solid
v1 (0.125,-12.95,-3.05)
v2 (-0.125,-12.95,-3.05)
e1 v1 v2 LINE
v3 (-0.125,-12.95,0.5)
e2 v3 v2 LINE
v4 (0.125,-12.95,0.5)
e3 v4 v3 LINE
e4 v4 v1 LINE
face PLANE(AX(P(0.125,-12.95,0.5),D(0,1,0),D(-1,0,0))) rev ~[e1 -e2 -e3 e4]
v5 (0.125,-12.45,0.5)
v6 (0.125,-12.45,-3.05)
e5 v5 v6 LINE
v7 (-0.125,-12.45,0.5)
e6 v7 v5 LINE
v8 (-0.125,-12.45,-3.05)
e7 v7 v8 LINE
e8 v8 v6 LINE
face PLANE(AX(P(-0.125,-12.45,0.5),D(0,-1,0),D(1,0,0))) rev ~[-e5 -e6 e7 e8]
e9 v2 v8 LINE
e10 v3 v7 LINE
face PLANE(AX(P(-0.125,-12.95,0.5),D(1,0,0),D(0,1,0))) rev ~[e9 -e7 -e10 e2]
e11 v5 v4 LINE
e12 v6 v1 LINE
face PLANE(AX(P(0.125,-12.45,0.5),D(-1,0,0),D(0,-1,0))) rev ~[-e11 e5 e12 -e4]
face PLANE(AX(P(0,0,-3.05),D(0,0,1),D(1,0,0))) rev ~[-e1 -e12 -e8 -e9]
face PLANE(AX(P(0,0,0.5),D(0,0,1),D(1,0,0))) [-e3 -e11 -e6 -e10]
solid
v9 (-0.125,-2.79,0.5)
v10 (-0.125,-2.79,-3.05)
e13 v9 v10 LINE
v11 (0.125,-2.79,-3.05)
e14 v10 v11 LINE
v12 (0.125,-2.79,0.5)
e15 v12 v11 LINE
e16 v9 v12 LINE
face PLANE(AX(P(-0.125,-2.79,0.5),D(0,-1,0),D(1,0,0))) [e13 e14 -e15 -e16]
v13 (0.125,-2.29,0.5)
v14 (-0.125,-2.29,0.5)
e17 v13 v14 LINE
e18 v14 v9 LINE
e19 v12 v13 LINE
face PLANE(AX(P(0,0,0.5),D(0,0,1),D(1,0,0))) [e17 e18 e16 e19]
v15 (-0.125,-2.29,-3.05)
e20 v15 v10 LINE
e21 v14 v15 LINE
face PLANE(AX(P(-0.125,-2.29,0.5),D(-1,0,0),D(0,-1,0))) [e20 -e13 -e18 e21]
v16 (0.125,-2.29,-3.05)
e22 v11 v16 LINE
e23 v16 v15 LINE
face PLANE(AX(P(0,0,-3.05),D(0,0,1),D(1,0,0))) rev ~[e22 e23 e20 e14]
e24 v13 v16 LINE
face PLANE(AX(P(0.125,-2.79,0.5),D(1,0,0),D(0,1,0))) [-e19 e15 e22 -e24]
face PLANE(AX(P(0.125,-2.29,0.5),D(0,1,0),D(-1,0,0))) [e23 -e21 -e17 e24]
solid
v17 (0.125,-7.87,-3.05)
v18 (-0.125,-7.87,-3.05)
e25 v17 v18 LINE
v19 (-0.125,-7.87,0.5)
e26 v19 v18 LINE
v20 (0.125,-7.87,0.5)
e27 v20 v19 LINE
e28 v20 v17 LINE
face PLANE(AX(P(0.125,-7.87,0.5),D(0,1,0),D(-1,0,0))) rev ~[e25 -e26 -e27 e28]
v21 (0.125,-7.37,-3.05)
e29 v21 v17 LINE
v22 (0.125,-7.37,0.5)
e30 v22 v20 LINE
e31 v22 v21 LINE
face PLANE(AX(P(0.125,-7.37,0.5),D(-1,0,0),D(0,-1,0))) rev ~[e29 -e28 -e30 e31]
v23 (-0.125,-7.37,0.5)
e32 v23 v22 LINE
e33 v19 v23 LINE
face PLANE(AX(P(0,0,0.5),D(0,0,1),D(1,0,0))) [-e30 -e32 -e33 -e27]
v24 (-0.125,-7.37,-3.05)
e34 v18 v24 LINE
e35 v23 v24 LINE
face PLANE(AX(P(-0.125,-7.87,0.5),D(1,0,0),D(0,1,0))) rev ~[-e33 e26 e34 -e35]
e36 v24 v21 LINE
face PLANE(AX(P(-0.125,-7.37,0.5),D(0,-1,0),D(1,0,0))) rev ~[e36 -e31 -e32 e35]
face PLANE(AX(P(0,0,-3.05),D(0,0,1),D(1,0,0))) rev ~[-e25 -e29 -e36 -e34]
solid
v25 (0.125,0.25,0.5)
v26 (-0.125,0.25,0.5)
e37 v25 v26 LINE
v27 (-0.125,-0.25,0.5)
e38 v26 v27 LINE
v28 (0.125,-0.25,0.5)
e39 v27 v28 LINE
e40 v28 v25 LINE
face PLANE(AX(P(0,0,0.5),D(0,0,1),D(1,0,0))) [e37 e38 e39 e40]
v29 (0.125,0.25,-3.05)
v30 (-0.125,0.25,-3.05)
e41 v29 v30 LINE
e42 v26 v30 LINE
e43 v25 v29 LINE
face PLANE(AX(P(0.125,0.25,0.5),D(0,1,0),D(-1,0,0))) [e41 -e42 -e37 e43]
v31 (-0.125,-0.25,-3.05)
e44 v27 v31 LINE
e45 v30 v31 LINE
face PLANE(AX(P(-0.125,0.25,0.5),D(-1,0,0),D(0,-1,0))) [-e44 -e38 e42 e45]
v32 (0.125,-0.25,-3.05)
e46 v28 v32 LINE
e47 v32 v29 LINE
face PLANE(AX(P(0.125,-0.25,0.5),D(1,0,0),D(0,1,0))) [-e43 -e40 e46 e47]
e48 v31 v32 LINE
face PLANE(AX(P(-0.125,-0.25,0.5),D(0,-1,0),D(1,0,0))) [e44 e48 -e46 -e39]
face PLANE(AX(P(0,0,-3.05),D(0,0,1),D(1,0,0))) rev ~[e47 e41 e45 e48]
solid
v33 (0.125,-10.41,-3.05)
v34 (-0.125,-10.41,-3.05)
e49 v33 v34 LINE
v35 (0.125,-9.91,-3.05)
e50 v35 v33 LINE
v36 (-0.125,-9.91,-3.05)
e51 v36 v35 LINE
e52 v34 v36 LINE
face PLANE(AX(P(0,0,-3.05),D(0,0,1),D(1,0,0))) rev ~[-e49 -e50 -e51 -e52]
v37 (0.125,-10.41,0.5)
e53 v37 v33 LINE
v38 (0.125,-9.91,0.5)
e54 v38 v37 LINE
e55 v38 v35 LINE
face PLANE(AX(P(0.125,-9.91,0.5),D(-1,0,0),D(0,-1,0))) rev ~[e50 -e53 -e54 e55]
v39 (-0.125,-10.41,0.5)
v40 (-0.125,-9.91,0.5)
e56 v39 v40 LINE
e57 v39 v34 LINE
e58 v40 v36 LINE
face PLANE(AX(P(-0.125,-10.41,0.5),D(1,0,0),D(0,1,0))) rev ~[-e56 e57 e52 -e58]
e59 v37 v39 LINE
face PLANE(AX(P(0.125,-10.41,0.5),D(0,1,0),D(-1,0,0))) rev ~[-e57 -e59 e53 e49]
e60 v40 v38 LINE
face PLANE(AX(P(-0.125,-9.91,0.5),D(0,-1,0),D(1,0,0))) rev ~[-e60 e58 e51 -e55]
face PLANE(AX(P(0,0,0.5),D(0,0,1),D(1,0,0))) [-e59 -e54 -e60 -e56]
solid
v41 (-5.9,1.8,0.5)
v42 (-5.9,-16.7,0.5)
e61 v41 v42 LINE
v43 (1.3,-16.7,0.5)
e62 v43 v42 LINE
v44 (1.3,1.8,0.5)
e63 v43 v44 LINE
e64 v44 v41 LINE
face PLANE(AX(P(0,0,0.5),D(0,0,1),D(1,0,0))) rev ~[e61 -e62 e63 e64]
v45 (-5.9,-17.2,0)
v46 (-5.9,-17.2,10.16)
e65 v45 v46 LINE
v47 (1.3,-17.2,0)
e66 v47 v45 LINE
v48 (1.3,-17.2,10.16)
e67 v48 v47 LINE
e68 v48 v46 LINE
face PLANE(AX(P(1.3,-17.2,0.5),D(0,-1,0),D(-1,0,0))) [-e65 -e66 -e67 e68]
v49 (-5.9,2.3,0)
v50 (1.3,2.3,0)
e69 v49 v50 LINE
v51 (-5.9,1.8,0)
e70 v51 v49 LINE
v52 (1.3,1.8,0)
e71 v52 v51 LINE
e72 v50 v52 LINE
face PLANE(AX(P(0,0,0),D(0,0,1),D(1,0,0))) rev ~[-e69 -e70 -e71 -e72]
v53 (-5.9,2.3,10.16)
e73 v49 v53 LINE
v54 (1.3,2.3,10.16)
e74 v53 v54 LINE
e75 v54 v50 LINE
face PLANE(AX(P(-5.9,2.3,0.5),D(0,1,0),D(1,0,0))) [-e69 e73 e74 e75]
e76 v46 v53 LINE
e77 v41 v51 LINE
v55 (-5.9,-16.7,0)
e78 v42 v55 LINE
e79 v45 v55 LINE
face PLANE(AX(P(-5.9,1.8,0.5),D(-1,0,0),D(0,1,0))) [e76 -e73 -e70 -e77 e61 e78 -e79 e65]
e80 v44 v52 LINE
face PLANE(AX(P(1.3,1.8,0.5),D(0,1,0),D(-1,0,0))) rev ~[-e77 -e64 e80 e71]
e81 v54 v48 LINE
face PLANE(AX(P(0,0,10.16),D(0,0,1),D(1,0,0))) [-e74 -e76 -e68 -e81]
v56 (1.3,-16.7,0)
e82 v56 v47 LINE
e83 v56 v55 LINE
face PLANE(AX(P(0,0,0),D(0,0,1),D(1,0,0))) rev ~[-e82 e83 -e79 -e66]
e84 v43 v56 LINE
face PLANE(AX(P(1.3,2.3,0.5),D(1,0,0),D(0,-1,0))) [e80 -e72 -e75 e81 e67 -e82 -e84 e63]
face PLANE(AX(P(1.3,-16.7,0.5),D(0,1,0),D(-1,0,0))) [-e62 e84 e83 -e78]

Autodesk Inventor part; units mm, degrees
ref_plane "YZ Plane" through (0, 0, 0) normal (1, 0, 0) x (0, 1, 0)
ref_plane "XZ Plane" through (0, 0, 0) normal (0, 1, 0) x (-1, 0, 0)
ref_plane "XY Plane" through (0, 0, 0) normal (0, 0, 1) x (1, 0, 0)
sketch "Sketch2" plane through (0, 0, 0) normal (0, 0, 1) x (1, 0, 0)
  line L0 (-5.9, 2.3) -> (1.3, 2.3)
  line L1 (1.3, 2.3) -> (1.3, -17.2)
  line L2 (1.3, -17.2) -> (-5.9, -17.2)
  line L3 (-5.9, -17.2) -> (-5.9, 2.3)
  line L4 (-0.125, -0.25) -> (0.125, -0.25)
  line L5 (0.125, -0.25) -> (0.125, 0.25)
  line L6 (0.125, 0.25) -> (-0.125, 0.25)
  line L7 (-0.125, 0.25) -> (-0.125, -0.25)
  line L8 (-0.125, -0.25) -> (0.125, 0.25) construction
  line L9 (0.125, -0.25) -> (-0.125, 0.25) construction
  line L10 (-0.125, -2.79) -> (0.125, -2.79)
  line L11 (0.125, -2.79) -> (0.125, -2.29)
  line L12 (0.125, -2.29) -> (-0.125, -2.29)
  line L13 (-0.125, -2.29) -> (-0.125, -2.79)
  line L14 (-0.125, -2.79) -> (0.125, -2.29) construction
  line L15 (0.125, -2.79) -> (-0.125, -2.29) construction
  line L16 (-0.125, -7.37) -> (0.125, -7.37)
  line L17 (0.125, -7.37) -> (0.125, -7.87)
  line L18 (0.125, -7.87) -> (-0.125, -7.87)
  line L19 (-0.125, -7.87) -> (-0.125, -7.37)
  line L20 (-0.125, -7.37) -> (0.125, -7.87) construction
  line L21 (0.125, -7.37) -> (-0.125, -7.87) construction
  line L22 (-0.125, -9.91) -> (0.125, -9.91)
  line L23 (0.125, -9.91) -> (0.125, -10.41)
  line L24 (-0.125, -10.41) -> (-0.125, -9.91)
  line L25 (-0.125, -9.91) -> (0.125, -10.41) construction
  line L26 (0.125, -9.91) -> (-0.125, -10.41) construction
  line L27 (0.125, -10.41) -> (-0.125, -10.41)
  line L28 (-0.125, -12.45) -> (0.125, -12.45)
  line L29 (0.125, -12.45) -> (0.125, -12.95)
  line L30 (-0.125, -12.95) -> (-0.125, -12.45)
  line L31 (-0.125, -12.45) -> (0.125, -12.95) construction
  line L32 (0.125, -12.45) -> (-0.125, -12.95) construction
  line L33 (0.125, -12.95) -> (-0.125, -12.95)
  line L34 (-5.9, 2.3) -> (1.3, 2.3)
  line L35 (1.3, 2.3) -> (1.3, 1.8)
  line L36 (1.3, 1.8) -> (-5.9, 1.8)
  line L37 (-5.9, 1.8) -> (-5.9, 2.3)
  line L38 (-5.9, -17.2) -> (1.3, -17.2)
  line L39 (1.3, -17.2) -> (1.3, -16.7)
  line L40 (1.3, -16.7) -> (-5.9, -16.7)
  line L41 (-5.9, -16.7) -> (-5.9, -17.2)
  point P0 (0, 0)
  point P1 (0, -2.54)
  point P2 (0, -7.62)
  point P3 (0, -10.16)
  point P4 (0, -12.7)
  dimension "d37" = 2.3
  dimension "d38" = 1.3
  dimension "d40" = 7.2
  dimension "d41" = 0.25
  dimension "d42" = 0.5
  dimension "d45" = 2.54
  dimension "d50" = 0.25
  dimension "d51" = 0.5
  dimension "d52" = 0
  dimension "d53" = 7.62
  dimension "d56" = 2.54
  dimension "d61" = 0.5
  dimension "d62" = 0.5
  dimension "d72" = 19.5
extrude "Extrusion4" add sketch "Sketch2" along normal blind 9.66 contours L0 L1 L36 L3 | L36 L1 L40 L3 | L40 L1 L2 L3 | L7 L6 L5 L4 | L13 L12 L11 L10 | L16 L17 L18 L19 | L22 L23 L27 L24 | L28 L29 L33 L30
extrude "Extrusion5" add sketch "Sketch2" against normal blind 0.5 contours L0 L1 L36 L3 | L40 L1 L2 L3
extrude "Extrusion6" add sketch "Sketch2" against normal blind 3.55 separate body contours L7 L6 L5 L4 | L13 L12 L11 L10 | L16 L17 L18 L19 | L22 L23 L27 L24 | L28 L29 L33 L30
move or copy body "Move Body1" bodies to move or copy 1 2 copy no translate (0, 0, 0.5)
equation "\"d50\" = d41"
equation "\"d51\" = d42"
properties part number "Converter_DCDC_XP_POWER-IHxxxx_SIP_THT"
